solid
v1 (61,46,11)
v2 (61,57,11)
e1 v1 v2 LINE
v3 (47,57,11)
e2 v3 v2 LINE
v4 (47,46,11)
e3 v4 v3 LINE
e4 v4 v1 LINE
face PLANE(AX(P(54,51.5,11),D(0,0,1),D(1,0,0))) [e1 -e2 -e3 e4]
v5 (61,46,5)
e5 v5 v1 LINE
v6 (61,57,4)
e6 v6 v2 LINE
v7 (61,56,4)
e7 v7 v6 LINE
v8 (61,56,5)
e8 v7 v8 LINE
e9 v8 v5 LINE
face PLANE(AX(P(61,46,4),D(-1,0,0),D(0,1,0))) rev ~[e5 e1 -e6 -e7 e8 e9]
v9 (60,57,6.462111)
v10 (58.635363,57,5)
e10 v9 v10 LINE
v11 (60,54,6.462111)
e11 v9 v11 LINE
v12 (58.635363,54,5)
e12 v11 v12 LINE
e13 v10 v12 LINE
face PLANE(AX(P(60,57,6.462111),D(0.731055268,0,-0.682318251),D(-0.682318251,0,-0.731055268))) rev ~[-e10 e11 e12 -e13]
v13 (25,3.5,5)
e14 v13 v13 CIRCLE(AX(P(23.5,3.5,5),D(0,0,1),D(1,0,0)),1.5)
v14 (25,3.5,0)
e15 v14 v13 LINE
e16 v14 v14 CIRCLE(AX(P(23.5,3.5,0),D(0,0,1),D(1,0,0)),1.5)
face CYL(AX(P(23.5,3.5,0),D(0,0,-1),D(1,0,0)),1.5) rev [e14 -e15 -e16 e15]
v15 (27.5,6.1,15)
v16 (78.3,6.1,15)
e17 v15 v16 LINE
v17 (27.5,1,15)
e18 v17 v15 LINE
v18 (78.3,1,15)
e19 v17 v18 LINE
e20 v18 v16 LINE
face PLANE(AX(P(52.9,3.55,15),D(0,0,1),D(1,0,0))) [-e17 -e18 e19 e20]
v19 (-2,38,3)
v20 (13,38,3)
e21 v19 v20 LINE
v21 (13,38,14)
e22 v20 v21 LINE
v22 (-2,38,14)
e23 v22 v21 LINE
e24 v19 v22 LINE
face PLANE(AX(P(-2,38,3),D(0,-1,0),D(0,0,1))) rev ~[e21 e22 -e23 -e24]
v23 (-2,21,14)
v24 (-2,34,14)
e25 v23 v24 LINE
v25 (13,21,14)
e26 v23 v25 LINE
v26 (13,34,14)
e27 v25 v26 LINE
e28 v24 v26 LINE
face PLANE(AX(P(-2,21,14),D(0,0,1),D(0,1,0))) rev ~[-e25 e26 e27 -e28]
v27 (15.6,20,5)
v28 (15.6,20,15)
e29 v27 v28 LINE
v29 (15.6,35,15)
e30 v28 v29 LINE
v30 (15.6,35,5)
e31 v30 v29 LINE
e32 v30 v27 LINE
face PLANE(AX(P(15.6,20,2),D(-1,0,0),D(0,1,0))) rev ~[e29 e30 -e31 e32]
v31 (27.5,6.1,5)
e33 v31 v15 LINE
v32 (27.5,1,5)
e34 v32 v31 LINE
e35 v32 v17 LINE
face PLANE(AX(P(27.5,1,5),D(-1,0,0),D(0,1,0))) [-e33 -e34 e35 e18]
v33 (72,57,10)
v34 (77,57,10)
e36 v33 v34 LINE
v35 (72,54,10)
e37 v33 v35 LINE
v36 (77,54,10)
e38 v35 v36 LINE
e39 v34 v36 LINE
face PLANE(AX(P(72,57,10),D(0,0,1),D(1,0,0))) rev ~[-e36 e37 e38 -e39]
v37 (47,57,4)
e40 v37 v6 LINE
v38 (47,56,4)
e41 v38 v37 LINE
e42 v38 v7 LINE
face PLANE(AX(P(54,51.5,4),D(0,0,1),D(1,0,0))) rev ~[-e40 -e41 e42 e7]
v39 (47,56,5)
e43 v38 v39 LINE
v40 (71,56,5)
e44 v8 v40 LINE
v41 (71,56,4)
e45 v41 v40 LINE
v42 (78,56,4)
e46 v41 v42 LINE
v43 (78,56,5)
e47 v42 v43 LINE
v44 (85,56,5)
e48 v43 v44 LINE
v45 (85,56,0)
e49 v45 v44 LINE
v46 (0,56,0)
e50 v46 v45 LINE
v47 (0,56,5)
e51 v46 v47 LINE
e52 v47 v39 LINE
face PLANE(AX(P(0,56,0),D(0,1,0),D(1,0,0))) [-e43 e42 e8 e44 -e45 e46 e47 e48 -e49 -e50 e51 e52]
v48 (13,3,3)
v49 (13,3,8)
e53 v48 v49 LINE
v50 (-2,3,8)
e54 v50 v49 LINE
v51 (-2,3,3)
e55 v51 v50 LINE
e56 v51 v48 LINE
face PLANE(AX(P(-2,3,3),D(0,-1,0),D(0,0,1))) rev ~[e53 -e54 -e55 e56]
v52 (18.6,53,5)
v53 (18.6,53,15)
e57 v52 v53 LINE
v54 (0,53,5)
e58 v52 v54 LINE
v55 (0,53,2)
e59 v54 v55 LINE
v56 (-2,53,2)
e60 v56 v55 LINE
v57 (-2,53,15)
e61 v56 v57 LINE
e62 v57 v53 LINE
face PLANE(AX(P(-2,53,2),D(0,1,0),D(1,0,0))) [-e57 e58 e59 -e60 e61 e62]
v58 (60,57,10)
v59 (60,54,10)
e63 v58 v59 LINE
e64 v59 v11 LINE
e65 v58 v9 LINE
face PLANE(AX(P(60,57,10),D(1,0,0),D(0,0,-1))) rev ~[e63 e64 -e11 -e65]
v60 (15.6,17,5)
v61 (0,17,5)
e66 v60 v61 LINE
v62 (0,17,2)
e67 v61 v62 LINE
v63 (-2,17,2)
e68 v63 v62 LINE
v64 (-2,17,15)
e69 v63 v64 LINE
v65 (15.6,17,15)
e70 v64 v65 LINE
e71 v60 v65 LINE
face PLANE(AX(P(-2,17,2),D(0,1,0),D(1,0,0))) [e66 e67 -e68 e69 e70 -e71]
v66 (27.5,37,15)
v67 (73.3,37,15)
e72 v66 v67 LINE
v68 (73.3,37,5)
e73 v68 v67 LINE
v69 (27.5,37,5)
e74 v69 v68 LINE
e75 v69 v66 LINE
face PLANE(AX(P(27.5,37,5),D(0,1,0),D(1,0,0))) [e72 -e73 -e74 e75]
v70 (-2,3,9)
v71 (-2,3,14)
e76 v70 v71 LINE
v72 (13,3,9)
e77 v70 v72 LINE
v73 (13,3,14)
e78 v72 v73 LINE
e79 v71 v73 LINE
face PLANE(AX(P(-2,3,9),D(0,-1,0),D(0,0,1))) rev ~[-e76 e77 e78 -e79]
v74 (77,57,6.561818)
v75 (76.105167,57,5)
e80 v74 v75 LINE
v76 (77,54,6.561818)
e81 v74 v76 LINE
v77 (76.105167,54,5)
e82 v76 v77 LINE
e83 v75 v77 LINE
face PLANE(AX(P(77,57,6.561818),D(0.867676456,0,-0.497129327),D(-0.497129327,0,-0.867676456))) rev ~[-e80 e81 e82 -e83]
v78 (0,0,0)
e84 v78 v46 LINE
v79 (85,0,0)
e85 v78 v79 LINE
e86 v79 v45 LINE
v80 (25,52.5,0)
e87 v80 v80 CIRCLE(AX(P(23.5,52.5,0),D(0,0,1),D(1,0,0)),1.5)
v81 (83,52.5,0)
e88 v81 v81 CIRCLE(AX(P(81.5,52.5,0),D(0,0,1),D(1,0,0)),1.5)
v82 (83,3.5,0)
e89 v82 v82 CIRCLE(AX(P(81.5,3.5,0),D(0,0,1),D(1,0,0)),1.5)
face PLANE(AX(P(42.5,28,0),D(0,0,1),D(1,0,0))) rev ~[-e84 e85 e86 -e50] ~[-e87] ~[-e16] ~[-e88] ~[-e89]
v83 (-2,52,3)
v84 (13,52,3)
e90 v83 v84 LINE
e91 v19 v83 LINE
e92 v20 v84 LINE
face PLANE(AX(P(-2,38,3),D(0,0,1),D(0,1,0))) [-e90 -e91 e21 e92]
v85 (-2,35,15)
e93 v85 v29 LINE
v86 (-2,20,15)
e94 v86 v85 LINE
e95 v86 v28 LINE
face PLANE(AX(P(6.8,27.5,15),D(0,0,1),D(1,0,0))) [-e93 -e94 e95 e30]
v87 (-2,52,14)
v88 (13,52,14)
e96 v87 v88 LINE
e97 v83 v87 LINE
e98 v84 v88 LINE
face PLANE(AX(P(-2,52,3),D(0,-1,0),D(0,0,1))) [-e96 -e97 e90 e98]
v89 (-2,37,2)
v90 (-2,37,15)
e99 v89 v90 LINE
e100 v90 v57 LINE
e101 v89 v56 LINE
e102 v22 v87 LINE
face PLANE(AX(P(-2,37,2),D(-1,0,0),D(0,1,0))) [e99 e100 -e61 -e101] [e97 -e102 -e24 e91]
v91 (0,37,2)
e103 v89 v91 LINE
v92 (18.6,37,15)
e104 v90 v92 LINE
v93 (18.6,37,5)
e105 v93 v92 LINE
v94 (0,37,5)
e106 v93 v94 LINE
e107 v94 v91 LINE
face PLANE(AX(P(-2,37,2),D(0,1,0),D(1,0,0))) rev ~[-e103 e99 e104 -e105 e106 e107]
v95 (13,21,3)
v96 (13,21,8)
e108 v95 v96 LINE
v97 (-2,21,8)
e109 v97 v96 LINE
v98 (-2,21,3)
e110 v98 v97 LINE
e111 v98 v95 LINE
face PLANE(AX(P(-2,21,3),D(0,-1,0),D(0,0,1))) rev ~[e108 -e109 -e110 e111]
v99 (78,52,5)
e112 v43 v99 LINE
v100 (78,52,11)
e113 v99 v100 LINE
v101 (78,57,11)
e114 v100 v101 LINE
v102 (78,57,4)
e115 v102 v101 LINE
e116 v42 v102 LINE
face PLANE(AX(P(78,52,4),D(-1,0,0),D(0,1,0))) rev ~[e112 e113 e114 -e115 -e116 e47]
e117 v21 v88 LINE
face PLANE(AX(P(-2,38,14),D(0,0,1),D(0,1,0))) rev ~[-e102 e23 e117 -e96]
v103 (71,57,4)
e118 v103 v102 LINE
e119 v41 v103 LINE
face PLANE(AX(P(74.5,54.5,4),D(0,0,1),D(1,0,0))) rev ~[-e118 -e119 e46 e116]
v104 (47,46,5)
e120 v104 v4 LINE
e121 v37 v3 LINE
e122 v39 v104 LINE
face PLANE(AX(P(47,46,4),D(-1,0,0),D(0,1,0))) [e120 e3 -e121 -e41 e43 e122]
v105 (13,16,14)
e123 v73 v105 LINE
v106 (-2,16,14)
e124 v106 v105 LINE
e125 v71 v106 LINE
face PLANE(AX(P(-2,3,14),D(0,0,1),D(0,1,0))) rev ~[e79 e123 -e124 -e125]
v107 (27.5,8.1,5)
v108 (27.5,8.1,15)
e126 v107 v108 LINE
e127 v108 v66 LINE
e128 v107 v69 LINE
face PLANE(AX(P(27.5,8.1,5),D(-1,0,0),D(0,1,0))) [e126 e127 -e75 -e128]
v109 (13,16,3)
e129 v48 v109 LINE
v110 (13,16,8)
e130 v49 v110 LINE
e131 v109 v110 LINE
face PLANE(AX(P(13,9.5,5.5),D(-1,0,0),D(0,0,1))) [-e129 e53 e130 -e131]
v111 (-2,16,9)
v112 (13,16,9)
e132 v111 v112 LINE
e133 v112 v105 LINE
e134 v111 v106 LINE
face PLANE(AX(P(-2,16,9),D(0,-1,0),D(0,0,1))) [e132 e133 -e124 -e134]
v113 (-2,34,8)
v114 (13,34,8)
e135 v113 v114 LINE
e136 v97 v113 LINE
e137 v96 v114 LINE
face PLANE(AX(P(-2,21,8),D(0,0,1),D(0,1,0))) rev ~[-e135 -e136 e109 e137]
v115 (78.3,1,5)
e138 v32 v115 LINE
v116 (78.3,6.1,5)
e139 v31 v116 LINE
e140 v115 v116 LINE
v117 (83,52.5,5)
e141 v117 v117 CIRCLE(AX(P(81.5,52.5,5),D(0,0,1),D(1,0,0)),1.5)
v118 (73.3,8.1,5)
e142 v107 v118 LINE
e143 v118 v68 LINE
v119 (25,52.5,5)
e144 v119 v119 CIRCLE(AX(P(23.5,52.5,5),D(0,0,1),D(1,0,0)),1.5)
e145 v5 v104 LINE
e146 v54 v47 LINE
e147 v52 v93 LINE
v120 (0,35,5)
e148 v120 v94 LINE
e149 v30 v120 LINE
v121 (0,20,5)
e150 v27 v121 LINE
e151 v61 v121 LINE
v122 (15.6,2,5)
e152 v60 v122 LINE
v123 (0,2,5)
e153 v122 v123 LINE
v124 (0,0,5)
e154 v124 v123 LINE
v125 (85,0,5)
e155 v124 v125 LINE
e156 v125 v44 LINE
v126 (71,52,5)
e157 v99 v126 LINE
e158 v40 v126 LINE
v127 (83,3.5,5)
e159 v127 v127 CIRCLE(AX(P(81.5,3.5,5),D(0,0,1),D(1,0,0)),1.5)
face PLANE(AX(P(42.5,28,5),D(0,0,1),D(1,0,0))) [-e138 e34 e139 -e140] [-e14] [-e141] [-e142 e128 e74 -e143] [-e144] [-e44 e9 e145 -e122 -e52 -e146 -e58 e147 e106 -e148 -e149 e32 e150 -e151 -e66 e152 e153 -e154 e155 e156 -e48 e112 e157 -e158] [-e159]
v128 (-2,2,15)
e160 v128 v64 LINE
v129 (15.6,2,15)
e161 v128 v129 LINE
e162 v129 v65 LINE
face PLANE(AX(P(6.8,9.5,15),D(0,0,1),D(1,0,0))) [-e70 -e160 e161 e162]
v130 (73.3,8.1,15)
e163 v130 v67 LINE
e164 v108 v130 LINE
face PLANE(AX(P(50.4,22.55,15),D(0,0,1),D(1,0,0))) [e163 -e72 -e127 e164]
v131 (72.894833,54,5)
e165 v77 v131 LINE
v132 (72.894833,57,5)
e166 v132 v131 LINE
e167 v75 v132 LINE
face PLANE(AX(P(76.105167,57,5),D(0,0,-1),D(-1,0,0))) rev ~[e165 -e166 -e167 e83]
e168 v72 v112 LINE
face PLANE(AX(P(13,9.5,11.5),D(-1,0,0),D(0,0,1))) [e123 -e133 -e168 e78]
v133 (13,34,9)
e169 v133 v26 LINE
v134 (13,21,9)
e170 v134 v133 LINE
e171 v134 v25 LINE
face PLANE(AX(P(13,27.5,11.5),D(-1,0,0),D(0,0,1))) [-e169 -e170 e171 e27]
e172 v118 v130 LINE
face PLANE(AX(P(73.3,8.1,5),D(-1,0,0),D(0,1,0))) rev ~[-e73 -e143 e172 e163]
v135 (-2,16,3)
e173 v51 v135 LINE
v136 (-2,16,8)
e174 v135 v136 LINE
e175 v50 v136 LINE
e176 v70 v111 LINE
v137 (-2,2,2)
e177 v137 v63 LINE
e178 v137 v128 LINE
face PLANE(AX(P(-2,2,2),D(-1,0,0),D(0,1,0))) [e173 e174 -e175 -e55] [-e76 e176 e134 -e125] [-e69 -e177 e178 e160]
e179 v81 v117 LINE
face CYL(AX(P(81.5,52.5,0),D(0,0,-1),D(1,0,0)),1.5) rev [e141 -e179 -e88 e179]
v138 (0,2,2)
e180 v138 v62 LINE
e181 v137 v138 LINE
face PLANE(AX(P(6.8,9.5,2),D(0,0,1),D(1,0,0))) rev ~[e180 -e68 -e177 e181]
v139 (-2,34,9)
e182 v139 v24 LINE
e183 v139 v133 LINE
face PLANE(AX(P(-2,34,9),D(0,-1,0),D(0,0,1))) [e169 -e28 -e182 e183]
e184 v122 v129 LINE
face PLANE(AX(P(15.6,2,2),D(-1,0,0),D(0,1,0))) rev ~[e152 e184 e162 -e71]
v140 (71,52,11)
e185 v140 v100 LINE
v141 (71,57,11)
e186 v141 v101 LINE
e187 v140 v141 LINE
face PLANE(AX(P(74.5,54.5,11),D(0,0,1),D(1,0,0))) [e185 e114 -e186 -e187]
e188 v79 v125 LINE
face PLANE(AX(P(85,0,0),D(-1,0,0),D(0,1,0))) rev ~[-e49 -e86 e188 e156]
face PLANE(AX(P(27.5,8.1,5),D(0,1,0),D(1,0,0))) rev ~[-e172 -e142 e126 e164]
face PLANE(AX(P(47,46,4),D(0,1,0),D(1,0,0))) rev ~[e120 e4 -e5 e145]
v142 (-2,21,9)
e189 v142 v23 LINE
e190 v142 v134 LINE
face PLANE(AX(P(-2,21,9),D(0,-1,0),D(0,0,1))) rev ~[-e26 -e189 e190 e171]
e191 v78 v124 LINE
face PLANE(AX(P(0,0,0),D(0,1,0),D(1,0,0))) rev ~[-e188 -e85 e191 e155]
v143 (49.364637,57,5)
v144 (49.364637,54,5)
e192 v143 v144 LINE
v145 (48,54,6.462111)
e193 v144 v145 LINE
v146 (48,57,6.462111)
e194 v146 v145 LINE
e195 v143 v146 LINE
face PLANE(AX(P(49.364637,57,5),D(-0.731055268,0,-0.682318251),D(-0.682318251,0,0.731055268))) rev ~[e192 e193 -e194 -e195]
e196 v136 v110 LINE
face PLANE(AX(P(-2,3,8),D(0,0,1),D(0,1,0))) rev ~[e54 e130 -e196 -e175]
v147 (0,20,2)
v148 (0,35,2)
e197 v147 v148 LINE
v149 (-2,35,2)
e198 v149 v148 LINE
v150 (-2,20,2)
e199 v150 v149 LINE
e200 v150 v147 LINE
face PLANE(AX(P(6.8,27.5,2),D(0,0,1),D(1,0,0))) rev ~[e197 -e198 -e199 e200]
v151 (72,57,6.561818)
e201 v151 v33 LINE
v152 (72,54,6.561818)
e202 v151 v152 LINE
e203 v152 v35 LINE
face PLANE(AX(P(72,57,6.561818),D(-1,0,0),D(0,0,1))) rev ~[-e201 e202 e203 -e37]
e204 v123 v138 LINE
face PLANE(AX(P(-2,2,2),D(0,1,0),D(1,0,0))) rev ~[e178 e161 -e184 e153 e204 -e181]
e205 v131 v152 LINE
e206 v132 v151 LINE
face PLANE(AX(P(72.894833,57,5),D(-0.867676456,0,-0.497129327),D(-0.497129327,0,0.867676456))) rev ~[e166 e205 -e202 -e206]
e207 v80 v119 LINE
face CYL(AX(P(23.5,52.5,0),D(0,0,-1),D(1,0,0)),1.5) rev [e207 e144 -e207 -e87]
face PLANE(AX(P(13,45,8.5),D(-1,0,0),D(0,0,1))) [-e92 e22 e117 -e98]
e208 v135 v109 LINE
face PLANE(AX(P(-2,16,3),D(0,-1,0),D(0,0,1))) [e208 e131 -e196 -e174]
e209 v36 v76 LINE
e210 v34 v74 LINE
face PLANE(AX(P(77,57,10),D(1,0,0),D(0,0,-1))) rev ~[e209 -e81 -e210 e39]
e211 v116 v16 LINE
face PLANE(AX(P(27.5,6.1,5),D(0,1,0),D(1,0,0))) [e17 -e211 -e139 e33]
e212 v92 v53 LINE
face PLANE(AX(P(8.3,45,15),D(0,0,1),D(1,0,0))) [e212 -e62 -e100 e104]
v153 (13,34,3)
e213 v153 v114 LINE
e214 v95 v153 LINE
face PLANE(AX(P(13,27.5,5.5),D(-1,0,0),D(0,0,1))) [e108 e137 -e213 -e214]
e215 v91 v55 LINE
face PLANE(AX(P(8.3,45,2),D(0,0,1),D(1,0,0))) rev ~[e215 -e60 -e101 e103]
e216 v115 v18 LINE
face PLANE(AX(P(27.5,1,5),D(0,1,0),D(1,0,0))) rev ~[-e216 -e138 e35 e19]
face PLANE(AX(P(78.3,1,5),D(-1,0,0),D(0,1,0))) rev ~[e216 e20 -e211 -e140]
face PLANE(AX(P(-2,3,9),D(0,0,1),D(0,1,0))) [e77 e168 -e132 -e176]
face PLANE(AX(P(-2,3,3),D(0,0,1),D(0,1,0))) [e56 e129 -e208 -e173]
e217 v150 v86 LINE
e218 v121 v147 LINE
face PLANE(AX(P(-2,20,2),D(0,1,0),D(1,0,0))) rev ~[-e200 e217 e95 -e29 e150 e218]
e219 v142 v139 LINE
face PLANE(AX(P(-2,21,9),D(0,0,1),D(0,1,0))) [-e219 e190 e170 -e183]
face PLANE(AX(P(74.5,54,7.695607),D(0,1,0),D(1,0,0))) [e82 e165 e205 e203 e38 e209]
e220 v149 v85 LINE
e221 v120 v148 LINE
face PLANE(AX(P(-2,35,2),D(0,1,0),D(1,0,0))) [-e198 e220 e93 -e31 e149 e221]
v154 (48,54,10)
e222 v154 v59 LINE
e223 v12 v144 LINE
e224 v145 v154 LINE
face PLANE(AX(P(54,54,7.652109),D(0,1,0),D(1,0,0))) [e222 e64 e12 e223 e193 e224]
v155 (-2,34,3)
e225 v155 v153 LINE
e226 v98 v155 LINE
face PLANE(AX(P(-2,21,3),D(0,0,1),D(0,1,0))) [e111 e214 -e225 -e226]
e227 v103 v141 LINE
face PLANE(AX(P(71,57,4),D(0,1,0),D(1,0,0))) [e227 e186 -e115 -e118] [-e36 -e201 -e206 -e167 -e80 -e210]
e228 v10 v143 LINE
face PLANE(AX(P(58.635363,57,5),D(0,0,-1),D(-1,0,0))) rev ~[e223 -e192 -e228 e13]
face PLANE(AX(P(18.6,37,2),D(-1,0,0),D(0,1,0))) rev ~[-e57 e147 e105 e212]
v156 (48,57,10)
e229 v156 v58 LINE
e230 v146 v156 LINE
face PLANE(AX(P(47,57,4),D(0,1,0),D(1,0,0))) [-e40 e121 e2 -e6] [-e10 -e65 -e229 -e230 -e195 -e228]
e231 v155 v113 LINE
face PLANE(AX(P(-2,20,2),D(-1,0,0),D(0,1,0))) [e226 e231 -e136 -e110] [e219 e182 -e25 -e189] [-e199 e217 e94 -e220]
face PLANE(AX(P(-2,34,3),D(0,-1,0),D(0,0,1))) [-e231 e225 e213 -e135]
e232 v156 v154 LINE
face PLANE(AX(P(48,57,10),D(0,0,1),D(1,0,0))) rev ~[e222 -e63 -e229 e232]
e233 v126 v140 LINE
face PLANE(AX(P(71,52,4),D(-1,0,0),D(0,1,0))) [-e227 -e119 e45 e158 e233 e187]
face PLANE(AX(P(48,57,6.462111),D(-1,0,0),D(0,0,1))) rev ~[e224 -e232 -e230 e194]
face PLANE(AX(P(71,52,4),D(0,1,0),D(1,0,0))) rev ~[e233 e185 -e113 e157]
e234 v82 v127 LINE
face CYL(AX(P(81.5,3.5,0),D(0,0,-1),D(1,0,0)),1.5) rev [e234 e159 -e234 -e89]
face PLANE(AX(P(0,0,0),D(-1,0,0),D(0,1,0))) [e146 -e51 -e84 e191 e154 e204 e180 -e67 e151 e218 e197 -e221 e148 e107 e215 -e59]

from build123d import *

# Parameters (mm, degrees)
CROQUIS1_W                   = 85
CROQUIS1_H                   = 56
CROQUIS1_R                   = 1.5
SALIENTE_EXTRUIR3_DEPTH      = 5
SALIENTE_EXTRUIR4_DEPTH      = 10
SALIENTE_EXTRUIR4_DEPTH_BACK = 3
CROQUIS2_W                   = 20.6
CROQUIS2_H                   = 16
CROQUIS3_W                   = 50.8
CROQUIS3_H                   = 5.1
SALIENTE_EXTRUIR5_DEPTH      = 10
CROQUIS4_W                   = 11
CROQUIS4_H                   = 14
CORTAR_EXTRUIR2_DEPTH        = 15
CROQUIS5_W                   = 45.8
CROQUIS5_H                   = 28.9
SALIENTE_EXTRUIR6_DEPTH      = 10
SALIENTE_EXTRUIR8_DEPTH      = 10
SALIENTE_EXTRUIR8_DEPTH_BACK = 3
CROQUIS6_W                   = 17.6
CROQUIS6_H                   = 15
CROQUIS7_W                   = 5
CROQUIS7_H                   = 13
CORTAR_EXTRUIR3_DEPTH        = 15
SALIENTE_EXTRUIR9_DEPTH      = 6
SALIENTE_EXTRUIR9_DEPTH_BACK = 1
CROQUIS8_W                   = 7
CROQUIS8_H                   = 5
CROQUIS8_W_2                 = 14
CROQUIS8_H_2                 = 11
CORTAR_EXTRUIR4_DEPTH        = 3


with BuildPart() as part:
    # Croquis1 → Saliente-Extruir3 (new body)
    with BuildSketch(Plane.XY):
        with Locations((42.5, 28)):
            Rectangle(CROQUIS1_W, CROQUIS1_H)
        with Locations((23.5, 52.5)):
            Circle(CROQUIS1_R, mode=Mode.SUBTRACT)
        with Locations((23.5, 3.5)):
            Circle(CROQUIS1_R, mode=Mode.SUBTRACT)
        with Locations((81.5, 52.5)):
            Circle(CROQUIS1_R, mode=Mode.SUBTRACT)
        with Locations((81.5, 3.5)):
            Circle(CROQUIS1_R, mode=Mode.SUBTRACT)
    extrude(amount=SALIENTE_EXTRUIR3_DEPTH)

    # Croquis2 → Saliente-Extruir4 (add, two sides: drawn at the far end of the back side and taken through both)
    with BuildSketch(Plane.XY.offset(5).offset(-SALIENTE_EXTRUIR4_DEPTH_BACK)):
        with Locations((8.3, 45)):
            Rectangle(CROQUIS2_W, CROQUIS2_H)
    extrude(amount=SALIENTE_EXTRUIR4_DEPTH + SALIENTE_EXTRUIR4_DEPTH_BACK)

    # Croquis3 → Saliente-Extruir5 (add)
    with BuildSketch(Plane.XY.offset(5)):
        with Locations((52.9, 3.55)):
            Rectangle(CROQUIS3_W, CROQUIS3_H)
    extrude(amount=SALIENTE_EXTRUIR5_DEPTH)

    # Croquis4 → Cortar-Extruir2 (cut)
    with BuildSketch(Plane.ZY.offset(2)):
        with Locations((8.5, 45)):
            Rectangle(CROQUIS4_W, CROQUIS4_H)
    extrude(amount=-CORTAR_EXTRUIR2_DEPTH, mode=Mode.SUBTRACT)

    # Croquis5 → Saliente-Extruir6 (add)
    with BuildSketch(Plane.XY.offset(5)):
        with Locations((50.4, 22.55)):
            Rectangle(CROQUIS5_W, CROQUIS5_H)
    extrude(amount=SALIENTE_EXTRUIR6_DEPTH)

    # Croquis6 → Saliente-Extruir8 (add, two sides: drawn at the far end of the back side and taken through both)
    with BuildSketch(Plane.XY.offset(5).offset(-SALIENTE_EXTRUIR8_DEPTH_BACK)):
        with Locations((6.8, 27.5)):
            Rectangle(CROQUIS6_W, CROQUIS6_H)
        with Locations((6.8, 9.5)):
            Rectangle(CROQUIS6_W, CROQUIS6_H)
    extrude(amount=SALIENTE_EXTRUIR8_DEPTH + SALIENTE_EXTRUIR8_DEPTH_BACK)

    # Croquis7 → Cortar-Extruir3 (cut)
    with BuildSketch(Plane.ZY.offset(2)):
        with Locations((5.5, 27.5)):
            Rectangle(CROQUIS7_W, CROQUIS7_H)
        with Locations((11.5, 27.5)):
            Rectangle(CROQUIS7_W, CROQUIS7_H)
        with Locations((11.5, 9.5)):
            Rectangle(CROQUIS7_W, CROQUIS7_H)
        with Locations((5.5, 9.5)):
            Rectangle(CROQUIS7_W, CROQUIS7_H)
    extrude(amount=-CORTAR_EXTRUIR3_DEPTH, mode=Mode.SUBTRACT)

    # Croquis8 → Saliente-Extruir9 (add, two sides: drawn at the far end of the back side and taken through both)
    with BuildSketch(Plane.XY.offset(5).offset(-SALIENTE_EXTRUIR9_DEPTH_BACK)):
        with Locations((74.5, 54.5)):
            Rectangle(CROQUIS8_W, CROQUIS8_H)
        with Locations((54, 51.5)):
            Rectangle(CROQUIS8_W_2, CROQUIS8_H_2)
    extrude(amount=SALIENTE_EXTRUIR9_DEPTH + SALIENTE_EXTRUIR9_DEPTH_BACK)

    # Croquis9 → Cortar-Extruir4 (cut)
    with BuildSketch(Plane(origin=(0, 57, 0), x_dir=(1, 0, 0), z_dir=(0, 1, 0))):
        Polygon((48, -10), (60, -10), (60, -6.462110536), (58.635363499, -5), (49.364636501, -5), (48, -6.462110536), align=None)
        Polygon((72, -10), (77, -10), (77, -6.561817621), (76.105167212, -5), (72.894832788, -5), (72, -6.561817621), align=None)
    extrude(amount=-CORTAR_EXTRUIR4_DEPTH, mode=Mode.SUBTRACT)


solid = part.part
